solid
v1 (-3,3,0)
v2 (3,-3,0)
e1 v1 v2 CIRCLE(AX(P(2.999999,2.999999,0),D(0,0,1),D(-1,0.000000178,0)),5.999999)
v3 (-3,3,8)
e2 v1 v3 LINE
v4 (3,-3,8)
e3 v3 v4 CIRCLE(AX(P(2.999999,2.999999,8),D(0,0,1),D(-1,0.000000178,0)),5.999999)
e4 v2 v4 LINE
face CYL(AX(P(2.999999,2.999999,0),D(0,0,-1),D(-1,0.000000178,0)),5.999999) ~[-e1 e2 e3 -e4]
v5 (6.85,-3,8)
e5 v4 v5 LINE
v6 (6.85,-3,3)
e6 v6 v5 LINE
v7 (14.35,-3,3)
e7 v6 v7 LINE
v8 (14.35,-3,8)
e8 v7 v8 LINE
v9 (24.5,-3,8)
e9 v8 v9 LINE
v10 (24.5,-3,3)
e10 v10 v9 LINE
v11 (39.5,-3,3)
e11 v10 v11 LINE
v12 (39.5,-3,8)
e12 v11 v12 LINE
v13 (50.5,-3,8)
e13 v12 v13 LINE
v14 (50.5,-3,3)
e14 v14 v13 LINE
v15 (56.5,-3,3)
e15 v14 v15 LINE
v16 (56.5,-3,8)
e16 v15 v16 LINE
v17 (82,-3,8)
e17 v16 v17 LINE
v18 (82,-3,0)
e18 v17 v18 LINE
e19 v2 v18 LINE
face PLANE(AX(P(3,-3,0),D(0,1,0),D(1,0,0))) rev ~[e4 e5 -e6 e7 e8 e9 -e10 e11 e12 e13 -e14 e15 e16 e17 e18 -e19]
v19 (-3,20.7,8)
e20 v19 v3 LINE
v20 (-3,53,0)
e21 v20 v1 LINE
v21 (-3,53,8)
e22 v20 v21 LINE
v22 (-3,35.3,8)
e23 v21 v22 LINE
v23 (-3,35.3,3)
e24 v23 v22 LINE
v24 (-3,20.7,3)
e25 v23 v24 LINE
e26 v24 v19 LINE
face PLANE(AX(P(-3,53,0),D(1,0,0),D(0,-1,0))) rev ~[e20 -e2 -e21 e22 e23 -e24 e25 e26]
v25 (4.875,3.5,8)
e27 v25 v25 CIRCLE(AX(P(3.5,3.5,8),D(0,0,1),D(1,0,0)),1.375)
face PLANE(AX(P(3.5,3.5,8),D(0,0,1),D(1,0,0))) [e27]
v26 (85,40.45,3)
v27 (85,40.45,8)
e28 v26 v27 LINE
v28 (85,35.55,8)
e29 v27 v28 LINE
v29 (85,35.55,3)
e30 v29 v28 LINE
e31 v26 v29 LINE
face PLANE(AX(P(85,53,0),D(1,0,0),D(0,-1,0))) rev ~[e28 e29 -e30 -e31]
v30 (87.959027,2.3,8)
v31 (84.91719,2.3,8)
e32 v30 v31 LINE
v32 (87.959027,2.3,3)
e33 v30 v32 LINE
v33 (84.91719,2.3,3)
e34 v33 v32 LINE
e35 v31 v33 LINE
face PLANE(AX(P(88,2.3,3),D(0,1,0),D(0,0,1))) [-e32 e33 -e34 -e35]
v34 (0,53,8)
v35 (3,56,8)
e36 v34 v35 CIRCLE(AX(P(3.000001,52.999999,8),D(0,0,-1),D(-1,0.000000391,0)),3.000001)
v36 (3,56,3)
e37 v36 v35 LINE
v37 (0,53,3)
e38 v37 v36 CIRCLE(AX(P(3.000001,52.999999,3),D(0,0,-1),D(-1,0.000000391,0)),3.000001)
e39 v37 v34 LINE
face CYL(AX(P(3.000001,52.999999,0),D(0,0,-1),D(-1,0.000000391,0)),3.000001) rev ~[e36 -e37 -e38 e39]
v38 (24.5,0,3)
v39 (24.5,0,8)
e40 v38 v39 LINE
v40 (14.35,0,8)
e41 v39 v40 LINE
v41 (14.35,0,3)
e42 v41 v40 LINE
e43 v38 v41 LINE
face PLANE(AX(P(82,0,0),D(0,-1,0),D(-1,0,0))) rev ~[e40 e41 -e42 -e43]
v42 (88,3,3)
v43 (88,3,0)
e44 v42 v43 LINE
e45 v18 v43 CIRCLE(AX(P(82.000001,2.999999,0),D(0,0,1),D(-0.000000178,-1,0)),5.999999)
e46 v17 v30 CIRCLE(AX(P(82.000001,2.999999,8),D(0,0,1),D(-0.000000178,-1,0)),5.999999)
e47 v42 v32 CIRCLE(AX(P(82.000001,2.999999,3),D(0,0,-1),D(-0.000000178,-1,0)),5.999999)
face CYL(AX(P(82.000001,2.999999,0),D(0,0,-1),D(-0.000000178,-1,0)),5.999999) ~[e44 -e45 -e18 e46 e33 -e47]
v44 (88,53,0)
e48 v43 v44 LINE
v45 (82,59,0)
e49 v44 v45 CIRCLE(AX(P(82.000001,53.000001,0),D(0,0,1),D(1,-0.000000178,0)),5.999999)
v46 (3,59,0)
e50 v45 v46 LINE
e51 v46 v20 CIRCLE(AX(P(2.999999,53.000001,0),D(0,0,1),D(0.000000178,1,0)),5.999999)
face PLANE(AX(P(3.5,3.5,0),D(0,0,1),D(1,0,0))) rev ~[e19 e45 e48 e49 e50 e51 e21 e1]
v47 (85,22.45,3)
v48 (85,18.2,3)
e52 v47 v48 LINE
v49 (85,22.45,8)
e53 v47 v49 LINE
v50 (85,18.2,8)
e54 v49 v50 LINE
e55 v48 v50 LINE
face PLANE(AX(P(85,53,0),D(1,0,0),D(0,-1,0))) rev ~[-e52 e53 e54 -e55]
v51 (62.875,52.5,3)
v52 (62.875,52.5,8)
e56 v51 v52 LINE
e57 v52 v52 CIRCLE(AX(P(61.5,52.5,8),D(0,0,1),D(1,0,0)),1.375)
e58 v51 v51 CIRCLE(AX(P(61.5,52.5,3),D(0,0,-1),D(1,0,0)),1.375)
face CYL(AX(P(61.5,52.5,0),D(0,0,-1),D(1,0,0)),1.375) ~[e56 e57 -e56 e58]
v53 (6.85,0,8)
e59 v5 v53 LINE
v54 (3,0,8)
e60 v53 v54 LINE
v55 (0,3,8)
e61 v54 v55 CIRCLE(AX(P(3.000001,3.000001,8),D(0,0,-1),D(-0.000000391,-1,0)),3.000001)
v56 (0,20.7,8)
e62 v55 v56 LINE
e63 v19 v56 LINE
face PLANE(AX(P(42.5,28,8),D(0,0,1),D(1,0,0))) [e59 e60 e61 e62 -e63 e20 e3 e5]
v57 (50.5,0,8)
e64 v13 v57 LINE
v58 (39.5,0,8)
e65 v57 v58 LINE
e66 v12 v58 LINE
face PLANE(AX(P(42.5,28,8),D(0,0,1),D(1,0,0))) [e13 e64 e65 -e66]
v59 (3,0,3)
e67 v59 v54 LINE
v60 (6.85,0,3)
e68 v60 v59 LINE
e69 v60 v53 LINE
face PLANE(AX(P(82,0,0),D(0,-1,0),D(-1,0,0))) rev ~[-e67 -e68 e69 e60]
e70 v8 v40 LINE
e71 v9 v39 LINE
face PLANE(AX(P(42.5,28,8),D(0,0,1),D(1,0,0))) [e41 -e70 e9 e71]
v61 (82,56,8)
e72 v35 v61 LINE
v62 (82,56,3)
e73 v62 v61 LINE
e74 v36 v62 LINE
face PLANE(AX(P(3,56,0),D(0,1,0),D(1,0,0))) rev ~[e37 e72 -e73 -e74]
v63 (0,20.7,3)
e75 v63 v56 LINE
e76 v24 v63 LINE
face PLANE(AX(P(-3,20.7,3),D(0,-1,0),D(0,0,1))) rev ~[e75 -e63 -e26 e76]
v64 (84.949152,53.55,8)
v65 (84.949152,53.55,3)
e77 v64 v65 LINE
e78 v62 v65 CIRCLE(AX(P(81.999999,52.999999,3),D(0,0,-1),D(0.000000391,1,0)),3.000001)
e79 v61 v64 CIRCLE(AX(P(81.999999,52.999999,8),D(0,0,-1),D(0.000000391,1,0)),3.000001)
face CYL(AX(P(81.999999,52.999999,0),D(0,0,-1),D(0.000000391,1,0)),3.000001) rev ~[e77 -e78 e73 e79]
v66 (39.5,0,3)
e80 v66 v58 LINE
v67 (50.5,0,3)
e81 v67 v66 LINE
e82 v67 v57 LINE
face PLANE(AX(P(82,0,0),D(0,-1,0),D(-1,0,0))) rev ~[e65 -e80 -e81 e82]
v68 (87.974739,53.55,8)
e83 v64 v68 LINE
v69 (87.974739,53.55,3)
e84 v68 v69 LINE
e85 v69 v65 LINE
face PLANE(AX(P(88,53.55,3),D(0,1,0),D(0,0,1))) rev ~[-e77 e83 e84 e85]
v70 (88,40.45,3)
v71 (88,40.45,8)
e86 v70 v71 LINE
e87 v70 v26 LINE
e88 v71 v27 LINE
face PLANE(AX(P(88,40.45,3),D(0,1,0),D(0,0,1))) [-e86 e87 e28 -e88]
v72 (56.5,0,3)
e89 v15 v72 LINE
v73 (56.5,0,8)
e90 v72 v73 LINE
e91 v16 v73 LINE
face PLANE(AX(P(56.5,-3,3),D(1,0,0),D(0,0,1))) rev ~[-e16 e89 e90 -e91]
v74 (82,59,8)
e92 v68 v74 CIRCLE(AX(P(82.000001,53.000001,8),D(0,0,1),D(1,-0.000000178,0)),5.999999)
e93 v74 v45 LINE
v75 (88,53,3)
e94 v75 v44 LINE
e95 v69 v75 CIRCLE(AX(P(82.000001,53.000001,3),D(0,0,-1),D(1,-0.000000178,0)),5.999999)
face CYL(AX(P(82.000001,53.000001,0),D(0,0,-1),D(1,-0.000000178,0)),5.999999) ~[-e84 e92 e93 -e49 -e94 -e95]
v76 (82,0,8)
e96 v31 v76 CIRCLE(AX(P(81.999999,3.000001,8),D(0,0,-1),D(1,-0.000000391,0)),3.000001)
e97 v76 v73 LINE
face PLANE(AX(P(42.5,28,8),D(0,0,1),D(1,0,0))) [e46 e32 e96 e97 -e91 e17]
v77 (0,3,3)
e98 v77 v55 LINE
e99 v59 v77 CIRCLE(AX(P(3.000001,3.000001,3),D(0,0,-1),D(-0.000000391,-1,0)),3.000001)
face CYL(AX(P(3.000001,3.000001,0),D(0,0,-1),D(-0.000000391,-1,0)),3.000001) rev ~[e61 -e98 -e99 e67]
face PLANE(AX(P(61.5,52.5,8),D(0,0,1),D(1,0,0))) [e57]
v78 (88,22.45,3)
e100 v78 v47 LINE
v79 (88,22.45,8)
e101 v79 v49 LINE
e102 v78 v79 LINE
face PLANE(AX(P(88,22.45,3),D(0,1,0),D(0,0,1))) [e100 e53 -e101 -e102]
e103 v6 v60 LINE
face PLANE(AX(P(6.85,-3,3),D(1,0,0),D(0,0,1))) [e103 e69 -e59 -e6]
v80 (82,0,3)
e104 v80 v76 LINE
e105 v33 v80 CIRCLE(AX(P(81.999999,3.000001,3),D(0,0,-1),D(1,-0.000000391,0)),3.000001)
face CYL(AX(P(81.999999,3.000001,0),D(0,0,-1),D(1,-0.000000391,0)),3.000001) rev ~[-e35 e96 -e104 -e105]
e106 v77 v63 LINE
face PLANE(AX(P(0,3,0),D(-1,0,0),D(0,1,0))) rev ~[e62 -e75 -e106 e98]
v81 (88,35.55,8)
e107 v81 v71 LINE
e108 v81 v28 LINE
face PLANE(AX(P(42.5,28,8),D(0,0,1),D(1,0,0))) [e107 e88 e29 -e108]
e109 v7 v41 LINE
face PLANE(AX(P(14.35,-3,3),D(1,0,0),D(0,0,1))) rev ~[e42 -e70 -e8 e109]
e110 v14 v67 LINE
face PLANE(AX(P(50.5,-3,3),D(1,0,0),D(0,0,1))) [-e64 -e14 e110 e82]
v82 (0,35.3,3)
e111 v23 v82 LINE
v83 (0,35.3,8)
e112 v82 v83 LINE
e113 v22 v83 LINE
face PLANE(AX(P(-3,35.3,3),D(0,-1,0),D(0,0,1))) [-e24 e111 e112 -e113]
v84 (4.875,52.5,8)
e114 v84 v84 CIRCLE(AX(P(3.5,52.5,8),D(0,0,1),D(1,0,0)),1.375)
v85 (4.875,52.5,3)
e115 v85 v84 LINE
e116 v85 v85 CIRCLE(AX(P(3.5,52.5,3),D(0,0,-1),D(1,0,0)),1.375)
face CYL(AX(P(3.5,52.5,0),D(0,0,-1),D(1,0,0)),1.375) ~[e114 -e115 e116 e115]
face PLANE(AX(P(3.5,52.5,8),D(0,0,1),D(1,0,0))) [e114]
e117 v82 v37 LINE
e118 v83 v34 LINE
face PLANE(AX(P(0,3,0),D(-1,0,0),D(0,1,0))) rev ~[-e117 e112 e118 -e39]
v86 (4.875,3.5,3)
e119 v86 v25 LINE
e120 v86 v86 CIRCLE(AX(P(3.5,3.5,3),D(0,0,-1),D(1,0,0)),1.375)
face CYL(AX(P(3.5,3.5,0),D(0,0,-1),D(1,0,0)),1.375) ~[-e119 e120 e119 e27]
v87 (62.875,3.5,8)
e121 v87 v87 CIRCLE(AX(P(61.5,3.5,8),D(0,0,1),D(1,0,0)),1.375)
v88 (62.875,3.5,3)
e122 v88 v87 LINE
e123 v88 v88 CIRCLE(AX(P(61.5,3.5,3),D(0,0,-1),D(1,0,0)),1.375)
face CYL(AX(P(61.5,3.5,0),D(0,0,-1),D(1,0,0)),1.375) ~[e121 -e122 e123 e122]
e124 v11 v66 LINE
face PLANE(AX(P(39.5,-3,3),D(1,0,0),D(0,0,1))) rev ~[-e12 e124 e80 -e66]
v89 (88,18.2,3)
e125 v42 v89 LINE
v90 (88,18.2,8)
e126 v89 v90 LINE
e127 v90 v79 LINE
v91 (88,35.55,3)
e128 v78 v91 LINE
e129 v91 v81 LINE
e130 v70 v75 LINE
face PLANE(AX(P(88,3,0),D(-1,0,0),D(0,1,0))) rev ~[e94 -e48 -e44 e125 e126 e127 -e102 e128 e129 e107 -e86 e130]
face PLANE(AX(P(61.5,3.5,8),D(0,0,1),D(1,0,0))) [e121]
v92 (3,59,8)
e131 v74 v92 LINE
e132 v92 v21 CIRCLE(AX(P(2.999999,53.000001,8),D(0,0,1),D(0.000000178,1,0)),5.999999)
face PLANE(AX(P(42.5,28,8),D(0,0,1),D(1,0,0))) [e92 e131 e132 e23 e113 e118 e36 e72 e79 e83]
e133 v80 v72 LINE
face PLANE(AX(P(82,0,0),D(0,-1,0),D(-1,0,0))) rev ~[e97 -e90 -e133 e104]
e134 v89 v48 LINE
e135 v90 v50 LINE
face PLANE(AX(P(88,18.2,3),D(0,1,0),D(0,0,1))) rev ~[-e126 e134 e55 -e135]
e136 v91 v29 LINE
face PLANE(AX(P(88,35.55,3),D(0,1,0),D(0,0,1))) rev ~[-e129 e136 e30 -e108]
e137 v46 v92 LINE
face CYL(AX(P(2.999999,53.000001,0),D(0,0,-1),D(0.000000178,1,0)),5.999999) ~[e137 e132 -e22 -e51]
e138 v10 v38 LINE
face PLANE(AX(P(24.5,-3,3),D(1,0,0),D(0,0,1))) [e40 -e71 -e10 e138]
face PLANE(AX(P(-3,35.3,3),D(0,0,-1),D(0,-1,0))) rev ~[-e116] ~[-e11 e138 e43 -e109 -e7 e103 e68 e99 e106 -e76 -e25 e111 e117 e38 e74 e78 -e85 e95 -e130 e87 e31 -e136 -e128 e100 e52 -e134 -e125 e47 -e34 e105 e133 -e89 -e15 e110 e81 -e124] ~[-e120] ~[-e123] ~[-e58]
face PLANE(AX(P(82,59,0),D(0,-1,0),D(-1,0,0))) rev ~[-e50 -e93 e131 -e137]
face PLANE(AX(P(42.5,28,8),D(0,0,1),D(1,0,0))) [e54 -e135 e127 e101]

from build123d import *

# Parameters (mm, degrees)
F1_DEPTH  = 8
F0_R      = 3.1
F0_R_2    = 1.375
F2_DEPTH  = 3
F3_DEPTH  = 8
F4_W      = 7.5
F4_H      = 5
F5_DEPTH  = 3
F4_W_2    = 15
F4_W_3    = 6
F6_DEPTH  = 3
F7_W      = 15.9
F7_H      = 5
F7_W_2    = 13.1
F8_DEPTH  = 3
F9_W      = 14.6
F9_H      = 5
F10_DEPTH = 3
F11_DEPTH = 10


with BuildPart() as f1:
    # F0 (on Top) → F1 (new body)
    with BuildSketch(Plane.XY):
        with BuildLine():
            Line((82, 59), (3, 59))
            ThreePointArc((3, 59), (-1.242641, 57.242641), (-3, 53))
            Line((-3, 53), (-3, 3))
            ThreePointArc((-3, 3), (-1.242641, -1.242641), (3, -3))
            Line((3, -3), (82, -3))
            ThreePointArc((82, -3), (86.242641, -1.242641), (88, 3))
            Line((88, 3), (88, 53))
            ThreePointArc((88, 53), (86.242641, 57.242641), (82, 59))
        make_face()
        with BuildLine():
            Line((82, 0), (3, 0))
            ThreePointArc((3, 0), (0.87868, 0.87868), (0, 3))
            Line((0, 3), (0, 53))
            ThreePointArc((0, 53), (0.87868, 55.12132), (3, 56))
            Line((3, 56), (82, 56))
            ThreePointArc((82, 56), (84.12132, 55.12132), (85, 53))
            Line((85, 53), (85, 3))
            ThreePointArc((85, 3), (84.12132, 0.87868), (82, 0))
        make_face(mode=Mode.SUBTRACT)
    extrude(amount=F1_DEPTH)

    # F0 (on Top) → F2 (join)
    with BuildSketch(Plane.XY):
        with BuildLine():
            Line((82, 59), (3, 59))
            ThreePointArc((3, 59), (-1.242641, 57.242641), (-3, 53))
            Line((-3, 53), (-3, 3))
            ThreePointArc((-3, 3), (-1.242641, -1.242641), (3, -3))
            Line((3, -3), (82, -3))
            ThreePointArc((82, -3), (86.242641, -1.242641), (88, 3))
            Line((88, 3), (88, 53))
            ThreePointArc((88, 53), (86.242641, 57.242641), (82, 59))
        make_face()
        with BuildLine():
            Line((82, 0), (3, 0))
            ThreePointArc((3, 0), (0.87868, 0.87868), (0, 3))
            Line((0, 3), (0, 53))
            ThreePointArc((0, 53), (0.87868, 55.12132), (3, 56))
            Line((3, 56), (82, 56))
            ThreePointArc((82, 56), (84.12132, 55.12132), (85, 53))
            Line((85, 53), (85, 3))
            ThreePointArc((85, 3), (84.12132, 0.87868), (82, 0))
        make_face(mode=Mode.SUBTRACT)
        with BuildLine():
            ThreePointArc((0, 3), (0.87868, 0.87868), (3, 0))
            Line((3, 0), (82, 0))
            ThreePointArc((82, 0), (84.12132, 0.87868), (85, 3))
            Line((85, 3), (85, 53))
            ThreePointArc((85, 53), (84.12132, 55.12132), (82, 56))
            Line((82, 56), (3, 56))
            ThreePointArc((3, 56), (0.87868, 55.12132), (0, 53))
            Line((0, 53), (0, 3))
        make_face()
        with Locations((3.5, 3.5)):
            Circle(F0_R, mode=Mode.SUBTRACT)
        with Locations((61.5, 3.5)):
            Circle(F0_R, mode=Mode.SUBTRACT)
        with Locations((3.5, 52.5)):
            Circle(F0_R, mode=Mode.SUBTRACT)
        with Locations((61.5, 52.5)):
            Circle(F0_R, mode=Mode.SUBTRACT)
        with Locations((3.5, 3.5)):
            Circle(F0_R)
        with Locations((3.5, 3.5)):
            Circle(F0_R_2, mode=Mode.SUBTRACT)
        with Locations((3.5, 3.5)):
            Circle(F0_R_2)
        with Locations((61.5, 3.5)):
            Circle(F0_R)
        with Locations((61.5, 3.5)):
            Circle(F0_R_2, mode=Mode.SUBTRACT)
        with Locations((61.5, 3.5)):
            Circle(F0_R_2)
        with Locations((61.5, 52.5)):
            Circle(F0_R)
        with Locations((61.5, 52.5)):
            Circle(F0_R_2, mode=Mode.SUBTRACT)
        with Locations((61.5, 52.5)):
            Circle(F0_R_2)
        with Locations((3.5, 52.5)):
            Circle(F0_R)
        with Locations((3.5, 52.5)):
            Circle(F0_R_2, mode=Mode.SUBTRACT)
        with Locations((3.5, 52.5)):
            Circle(F0_R_2)
    extrude(amount=F2_DEPTH)

    # F0 (on Top) → F3 (join)
    with BuildSketch(Plane.XY):
        with Locations((3.5, 3.5)):
            Circle(F0_R_2)
        with Locations((61.5, 3.5)):
            Circle(F0_R_2)
        with Locations((3.5, 52.5)):
            Circle(F0_R_2)
        with Locations((61.5, 52.5)):
            Circle(F0_R_2)
    extrude(amount=F3_DEPTH)

    # F4 (on face) → F5 (cut, through all)
    with BuildSketch(Plane.XZ.offset(3)):
        with Locations((10.6, 5.5)):
            Rectangle(F4_W, F4_H)
    extrude(amount=-F5_DEPTH, mode=Mode.SUBTRACT)

    # F4 (on face) → F6 (cut, through all)
    with BuildSketch(Plane.XZ.offset(3)):
        with Locations((10.6, 5.5)):
            Rectangle(F4_W, F4_H)
        with Locations((32, 5.5)):
            Rectangle(F4_W_2, F4_H)
        with Locations((53.5, 5.5)):
            Rectangle(F4_W_3, F4_H)
    extrude(amount=-F6_DEPTH, mode=Mode.SUBTRACT)

    # F7 (on face) → F8 (cut, through all)
    with BuildSketch(Plane.YZ.offset(88)):
        with Locations((10.25, 5.5)):
            Rectangle(F7_W, F7_H)
        with Locations((29, 5.5)):
            Rectangle(F7_W_2, F7_H)
        with Locations((47, 5.5)):
            Rectangle(F7_W_2, F7_H)
    extrude(amount=-F8_DEPTH, mode=Mode.SUBTRACT)

    # F9 (on face) → F10 (cut, through all)
    with BuildSketch(Plane(origin=(-3, 0, 0), x_dir=(0, -1, 0), z_dir=(-1, 0, 0))):
        with Locations((-28, 5.5)):
            Rectangle(F9_W, F9_H)
    extrude(amount=-F10_DEPTH, mode=Mode.SUBTRACT)

    # F7 (on face) → F11 (cut)
    with BuildSketch(Plane.YZ.offset(88)):
        with Locations((10.25, 5.5)):
            Rectangle(F7_W, F7_H)
        with Locations((29, 5.5)):
            Rectangle(F7_W_2, F7_H)
        with Locations((47, 5.5)):
            Rectangle(F7_W_2, F7_H)
    extrude(amount=-F11_DEPTH, mode=Mode.SUBTRACT)


solid = f1.part
